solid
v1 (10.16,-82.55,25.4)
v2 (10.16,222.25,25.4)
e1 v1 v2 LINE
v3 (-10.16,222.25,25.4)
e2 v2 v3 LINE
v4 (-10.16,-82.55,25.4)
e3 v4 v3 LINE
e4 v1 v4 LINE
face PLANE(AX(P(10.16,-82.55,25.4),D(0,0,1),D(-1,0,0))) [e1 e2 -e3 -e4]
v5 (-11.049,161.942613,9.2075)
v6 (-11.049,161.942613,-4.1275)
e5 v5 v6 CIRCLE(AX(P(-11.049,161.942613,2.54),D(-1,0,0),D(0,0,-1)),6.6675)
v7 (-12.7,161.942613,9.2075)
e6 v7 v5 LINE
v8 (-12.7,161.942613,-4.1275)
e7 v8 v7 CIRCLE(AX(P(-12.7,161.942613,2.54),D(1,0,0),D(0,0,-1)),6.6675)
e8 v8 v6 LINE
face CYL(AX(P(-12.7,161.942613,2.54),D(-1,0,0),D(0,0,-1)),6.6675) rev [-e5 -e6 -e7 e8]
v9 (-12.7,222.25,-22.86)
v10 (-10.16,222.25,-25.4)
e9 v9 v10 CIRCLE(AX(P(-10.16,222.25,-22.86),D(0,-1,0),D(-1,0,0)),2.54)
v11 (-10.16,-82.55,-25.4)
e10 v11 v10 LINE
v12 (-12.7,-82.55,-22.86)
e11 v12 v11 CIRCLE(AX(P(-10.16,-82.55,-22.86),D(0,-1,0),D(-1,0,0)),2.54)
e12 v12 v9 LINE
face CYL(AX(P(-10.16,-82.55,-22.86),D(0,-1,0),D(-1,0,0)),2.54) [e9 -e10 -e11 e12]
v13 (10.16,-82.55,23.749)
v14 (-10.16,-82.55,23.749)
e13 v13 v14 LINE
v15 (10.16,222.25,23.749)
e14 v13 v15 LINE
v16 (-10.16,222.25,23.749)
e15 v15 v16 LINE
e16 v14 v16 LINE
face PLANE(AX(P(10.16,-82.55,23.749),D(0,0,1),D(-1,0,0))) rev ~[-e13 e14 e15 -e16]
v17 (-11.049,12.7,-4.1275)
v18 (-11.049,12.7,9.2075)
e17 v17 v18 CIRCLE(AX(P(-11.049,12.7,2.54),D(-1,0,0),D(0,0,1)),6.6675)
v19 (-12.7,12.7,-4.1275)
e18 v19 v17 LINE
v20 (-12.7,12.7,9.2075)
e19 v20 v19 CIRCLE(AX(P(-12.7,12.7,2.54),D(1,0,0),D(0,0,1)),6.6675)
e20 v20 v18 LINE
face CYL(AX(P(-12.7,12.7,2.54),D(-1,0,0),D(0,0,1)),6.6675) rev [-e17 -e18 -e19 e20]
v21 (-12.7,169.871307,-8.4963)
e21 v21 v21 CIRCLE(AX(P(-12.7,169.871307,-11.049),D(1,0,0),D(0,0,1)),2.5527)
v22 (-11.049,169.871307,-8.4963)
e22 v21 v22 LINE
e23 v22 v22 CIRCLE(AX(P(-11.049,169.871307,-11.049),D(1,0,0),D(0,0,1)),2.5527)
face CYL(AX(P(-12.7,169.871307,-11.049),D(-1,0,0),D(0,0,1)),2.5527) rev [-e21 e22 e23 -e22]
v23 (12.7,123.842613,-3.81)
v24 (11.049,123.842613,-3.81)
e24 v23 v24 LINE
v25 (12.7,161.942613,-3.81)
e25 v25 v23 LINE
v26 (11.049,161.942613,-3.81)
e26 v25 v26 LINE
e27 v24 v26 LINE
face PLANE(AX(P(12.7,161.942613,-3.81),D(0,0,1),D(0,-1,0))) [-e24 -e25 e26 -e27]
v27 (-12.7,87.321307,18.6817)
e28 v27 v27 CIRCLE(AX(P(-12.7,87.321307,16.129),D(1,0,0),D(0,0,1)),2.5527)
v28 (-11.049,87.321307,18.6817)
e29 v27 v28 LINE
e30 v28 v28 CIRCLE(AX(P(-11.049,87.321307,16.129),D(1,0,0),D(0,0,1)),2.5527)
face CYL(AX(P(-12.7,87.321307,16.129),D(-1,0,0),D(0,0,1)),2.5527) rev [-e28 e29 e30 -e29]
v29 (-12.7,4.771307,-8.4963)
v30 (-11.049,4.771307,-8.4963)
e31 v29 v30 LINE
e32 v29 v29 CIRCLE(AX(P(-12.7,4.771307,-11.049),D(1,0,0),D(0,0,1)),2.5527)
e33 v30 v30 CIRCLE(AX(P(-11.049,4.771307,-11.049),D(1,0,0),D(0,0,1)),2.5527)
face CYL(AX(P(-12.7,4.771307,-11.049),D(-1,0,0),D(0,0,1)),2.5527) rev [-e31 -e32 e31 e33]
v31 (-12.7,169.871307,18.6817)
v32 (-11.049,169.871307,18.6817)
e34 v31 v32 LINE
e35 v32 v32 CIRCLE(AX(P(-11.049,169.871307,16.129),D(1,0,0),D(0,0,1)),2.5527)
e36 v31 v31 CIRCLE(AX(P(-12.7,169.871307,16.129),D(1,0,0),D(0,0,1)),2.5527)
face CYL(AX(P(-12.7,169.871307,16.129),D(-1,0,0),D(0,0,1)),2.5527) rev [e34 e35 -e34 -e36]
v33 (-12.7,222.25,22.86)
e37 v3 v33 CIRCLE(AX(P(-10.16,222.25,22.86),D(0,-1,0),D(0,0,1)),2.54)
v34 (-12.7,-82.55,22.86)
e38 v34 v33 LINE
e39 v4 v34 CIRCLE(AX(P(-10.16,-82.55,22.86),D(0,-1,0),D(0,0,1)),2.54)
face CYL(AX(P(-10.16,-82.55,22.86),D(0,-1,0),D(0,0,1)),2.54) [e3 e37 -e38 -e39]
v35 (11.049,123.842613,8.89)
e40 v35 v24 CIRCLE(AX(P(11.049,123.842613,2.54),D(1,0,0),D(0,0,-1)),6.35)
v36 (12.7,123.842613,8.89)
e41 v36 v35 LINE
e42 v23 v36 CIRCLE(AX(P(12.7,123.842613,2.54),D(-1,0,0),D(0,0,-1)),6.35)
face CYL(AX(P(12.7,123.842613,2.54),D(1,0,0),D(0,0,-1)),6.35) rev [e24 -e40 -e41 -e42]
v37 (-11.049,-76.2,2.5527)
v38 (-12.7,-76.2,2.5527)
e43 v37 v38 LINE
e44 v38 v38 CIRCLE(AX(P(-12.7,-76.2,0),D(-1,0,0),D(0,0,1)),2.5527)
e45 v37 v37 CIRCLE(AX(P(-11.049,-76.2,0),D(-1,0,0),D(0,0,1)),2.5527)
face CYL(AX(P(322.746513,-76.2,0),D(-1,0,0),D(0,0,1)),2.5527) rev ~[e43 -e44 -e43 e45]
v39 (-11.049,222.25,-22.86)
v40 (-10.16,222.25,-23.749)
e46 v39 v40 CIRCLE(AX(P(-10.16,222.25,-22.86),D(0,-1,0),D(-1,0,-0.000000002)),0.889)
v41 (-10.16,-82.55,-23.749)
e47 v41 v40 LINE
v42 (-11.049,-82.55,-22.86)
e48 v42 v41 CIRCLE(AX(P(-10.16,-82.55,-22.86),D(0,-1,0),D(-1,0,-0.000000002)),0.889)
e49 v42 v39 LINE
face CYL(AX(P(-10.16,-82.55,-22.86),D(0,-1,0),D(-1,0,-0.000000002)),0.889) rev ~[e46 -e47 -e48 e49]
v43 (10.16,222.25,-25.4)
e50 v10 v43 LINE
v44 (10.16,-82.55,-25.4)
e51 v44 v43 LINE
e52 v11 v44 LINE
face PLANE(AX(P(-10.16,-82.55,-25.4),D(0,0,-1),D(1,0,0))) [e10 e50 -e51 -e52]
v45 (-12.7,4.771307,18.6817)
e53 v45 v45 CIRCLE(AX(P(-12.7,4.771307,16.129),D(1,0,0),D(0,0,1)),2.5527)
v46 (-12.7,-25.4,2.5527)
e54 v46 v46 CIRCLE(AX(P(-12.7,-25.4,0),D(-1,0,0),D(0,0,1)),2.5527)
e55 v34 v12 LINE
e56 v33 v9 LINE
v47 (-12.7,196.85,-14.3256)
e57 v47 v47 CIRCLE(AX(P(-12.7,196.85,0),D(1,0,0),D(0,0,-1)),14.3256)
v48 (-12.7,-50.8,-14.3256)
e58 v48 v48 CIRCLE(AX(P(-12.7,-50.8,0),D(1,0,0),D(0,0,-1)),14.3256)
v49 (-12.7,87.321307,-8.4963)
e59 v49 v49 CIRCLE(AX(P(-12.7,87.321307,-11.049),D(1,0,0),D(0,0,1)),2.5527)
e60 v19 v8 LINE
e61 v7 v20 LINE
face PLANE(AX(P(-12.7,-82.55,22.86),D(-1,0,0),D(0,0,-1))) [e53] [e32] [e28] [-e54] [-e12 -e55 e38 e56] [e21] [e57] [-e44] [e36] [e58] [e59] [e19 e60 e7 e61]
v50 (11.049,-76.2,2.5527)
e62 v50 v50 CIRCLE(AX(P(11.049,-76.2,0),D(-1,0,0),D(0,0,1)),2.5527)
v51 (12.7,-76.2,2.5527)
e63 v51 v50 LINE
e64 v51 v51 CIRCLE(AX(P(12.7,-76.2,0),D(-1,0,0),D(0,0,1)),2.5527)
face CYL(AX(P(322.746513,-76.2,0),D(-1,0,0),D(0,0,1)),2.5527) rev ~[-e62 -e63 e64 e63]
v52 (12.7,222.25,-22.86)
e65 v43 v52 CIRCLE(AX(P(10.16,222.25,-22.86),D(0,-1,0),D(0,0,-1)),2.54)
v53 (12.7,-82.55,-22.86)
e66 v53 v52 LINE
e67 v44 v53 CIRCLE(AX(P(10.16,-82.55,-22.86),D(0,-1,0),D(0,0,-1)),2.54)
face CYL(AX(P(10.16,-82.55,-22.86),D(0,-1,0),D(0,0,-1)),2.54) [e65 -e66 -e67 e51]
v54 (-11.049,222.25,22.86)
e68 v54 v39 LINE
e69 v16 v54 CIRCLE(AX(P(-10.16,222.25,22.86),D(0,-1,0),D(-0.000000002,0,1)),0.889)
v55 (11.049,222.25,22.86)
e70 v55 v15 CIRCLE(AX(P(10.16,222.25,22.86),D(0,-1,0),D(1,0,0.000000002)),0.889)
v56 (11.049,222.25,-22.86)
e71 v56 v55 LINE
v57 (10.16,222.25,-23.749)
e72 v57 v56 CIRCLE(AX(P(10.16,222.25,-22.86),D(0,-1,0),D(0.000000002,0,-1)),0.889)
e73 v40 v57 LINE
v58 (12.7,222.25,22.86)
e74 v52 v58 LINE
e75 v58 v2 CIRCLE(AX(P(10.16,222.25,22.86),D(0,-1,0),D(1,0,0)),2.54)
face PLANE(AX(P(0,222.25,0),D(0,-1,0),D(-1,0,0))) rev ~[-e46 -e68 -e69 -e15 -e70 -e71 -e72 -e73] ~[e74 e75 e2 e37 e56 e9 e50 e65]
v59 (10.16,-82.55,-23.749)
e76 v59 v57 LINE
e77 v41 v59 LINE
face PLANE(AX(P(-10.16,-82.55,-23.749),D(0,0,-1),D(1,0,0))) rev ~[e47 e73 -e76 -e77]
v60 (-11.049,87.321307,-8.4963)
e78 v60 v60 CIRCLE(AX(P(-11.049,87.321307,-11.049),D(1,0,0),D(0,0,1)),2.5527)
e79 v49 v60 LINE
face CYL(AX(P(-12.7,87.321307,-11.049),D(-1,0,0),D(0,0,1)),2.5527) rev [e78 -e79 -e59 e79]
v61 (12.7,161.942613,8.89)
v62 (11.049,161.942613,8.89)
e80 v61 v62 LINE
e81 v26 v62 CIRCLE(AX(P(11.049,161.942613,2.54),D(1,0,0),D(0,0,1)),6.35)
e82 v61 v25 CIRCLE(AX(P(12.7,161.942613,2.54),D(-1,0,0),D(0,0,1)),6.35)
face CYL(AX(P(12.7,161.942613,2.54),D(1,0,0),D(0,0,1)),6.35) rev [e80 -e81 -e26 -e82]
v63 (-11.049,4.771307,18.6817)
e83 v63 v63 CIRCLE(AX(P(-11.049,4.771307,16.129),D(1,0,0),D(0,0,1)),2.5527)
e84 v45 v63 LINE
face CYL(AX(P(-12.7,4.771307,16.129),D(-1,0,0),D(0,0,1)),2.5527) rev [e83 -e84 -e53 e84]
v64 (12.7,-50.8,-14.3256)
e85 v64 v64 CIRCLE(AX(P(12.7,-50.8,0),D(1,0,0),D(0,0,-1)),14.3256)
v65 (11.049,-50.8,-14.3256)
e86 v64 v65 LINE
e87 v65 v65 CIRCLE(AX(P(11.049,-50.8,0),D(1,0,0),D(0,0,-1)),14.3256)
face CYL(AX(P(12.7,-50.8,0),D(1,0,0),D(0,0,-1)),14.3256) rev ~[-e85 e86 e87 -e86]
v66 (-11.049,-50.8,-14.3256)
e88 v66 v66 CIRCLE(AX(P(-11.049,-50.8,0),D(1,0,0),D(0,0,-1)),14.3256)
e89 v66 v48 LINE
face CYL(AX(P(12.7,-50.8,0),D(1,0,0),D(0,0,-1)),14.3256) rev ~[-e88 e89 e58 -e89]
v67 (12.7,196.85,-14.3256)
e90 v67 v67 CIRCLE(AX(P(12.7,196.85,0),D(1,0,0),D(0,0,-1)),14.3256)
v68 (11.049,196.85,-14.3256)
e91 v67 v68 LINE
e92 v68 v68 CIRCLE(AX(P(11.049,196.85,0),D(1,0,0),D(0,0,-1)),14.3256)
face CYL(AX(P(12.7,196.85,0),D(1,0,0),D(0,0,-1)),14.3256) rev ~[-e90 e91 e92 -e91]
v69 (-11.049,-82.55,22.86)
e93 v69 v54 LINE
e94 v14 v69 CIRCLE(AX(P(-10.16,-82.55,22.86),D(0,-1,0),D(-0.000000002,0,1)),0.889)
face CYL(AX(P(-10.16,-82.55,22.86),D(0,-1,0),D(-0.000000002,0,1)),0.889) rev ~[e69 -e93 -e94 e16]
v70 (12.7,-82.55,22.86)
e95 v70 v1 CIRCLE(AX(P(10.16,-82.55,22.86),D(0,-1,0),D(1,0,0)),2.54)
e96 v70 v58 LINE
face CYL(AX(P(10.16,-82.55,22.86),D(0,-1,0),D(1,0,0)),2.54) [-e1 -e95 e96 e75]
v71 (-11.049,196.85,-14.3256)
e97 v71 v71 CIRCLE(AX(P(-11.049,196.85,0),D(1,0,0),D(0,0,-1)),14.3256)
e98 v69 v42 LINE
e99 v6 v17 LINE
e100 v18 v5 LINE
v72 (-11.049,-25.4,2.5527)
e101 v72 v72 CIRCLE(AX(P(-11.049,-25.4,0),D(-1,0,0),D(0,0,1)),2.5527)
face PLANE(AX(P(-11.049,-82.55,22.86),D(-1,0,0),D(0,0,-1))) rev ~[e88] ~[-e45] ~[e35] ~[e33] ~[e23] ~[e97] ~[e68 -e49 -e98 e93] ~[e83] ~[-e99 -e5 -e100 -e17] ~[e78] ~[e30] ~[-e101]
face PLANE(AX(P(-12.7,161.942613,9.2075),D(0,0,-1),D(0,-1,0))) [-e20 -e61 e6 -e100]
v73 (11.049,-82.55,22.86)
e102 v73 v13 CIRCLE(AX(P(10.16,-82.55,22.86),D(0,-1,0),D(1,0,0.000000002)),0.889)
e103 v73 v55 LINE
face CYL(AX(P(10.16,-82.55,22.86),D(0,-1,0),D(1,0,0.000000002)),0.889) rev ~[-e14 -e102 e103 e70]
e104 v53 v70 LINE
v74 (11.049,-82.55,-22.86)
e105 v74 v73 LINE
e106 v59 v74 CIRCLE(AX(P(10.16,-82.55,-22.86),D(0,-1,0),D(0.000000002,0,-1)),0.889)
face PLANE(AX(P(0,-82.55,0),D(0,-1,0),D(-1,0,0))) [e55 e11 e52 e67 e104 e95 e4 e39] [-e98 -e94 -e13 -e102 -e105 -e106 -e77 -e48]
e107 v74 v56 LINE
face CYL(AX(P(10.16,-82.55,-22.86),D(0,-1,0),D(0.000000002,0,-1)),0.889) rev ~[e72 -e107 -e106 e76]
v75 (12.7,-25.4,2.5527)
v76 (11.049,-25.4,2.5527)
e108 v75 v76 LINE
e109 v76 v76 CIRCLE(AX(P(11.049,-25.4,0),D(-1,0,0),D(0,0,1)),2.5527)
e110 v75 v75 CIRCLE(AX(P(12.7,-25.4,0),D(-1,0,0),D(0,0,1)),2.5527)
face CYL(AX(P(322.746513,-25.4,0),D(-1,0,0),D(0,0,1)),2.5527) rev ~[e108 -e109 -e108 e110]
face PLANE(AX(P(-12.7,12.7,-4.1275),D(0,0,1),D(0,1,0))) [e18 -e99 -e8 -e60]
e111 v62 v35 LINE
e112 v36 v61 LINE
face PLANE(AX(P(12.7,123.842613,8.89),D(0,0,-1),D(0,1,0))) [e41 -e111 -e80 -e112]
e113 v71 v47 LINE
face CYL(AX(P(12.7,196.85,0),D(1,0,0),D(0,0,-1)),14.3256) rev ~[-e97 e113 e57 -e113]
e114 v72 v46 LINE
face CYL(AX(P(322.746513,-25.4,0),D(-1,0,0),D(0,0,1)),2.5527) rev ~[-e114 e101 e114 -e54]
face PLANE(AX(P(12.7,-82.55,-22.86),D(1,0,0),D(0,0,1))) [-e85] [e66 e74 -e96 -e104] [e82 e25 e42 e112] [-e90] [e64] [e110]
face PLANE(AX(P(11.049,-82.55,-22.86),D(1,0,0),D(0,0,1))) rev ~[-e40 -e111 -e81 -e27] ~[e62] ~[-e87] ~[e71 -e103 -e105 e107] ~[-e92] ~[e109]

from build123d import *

# Parameters (mm, degrees)
EXTRUDE_THIN1_DEPTH      = 222.25
EXTRUDE_THIN1_DEPTH_BACK = 82.55
CUT_EXTRUDE1_REACH       = 227.134
CUT_EXTRUDE4_REACH       = 227.134
SKETCH4_R                = 2.5527
CUT_EXTRUDE3_DEPTH       = 1.651
SKETCH6_R                = 14.3256
CUT_EXTRUDE5_DEPTH       = 226.134143346
F_10_CLEARANCE_HOLE1_D   = 5.1054


with BuildPart() as part:
    # Sketch1 → Extrude-Thin1 (new, two sides: drawn at the far end of the back side and taken through both)
    with BuildSketch(Plane(origin=(0, 0, 0), x_dir=(1, 0, 0), z_dir=(0, 1, 0)).offset(-EXTRUDE_THIN1_DEPTH_BACK)):
        with BuildLine():
            Line((-10.16, 25.4), (10.16, 25.4))
            ThreePointArc((10.16, 25.4), (11.956051224, 24.656051224), (12.7, 22.86))
            Line((12.7, 22.86), (12.7, -22.86))
            ThreePointArc((12.7, -22.86), (11.956051224, -24.656051224), (10.16, -25.4))
            Line((10.16, -25.4), (-10.16, -25.4))
            ThreePointArc((-10.16, -25.4), (-11.956051224, -24.656051224), (-12.7, -22.86))
            Line((-12.7, -22.86), (-12.7, 22.86))
            ThreePointArc((-12.7, 22.86), (-11.956051224, 24.656051224), (-10.16, 25.4))
        make_face()
        with BuildLine():
            Line((-10.16, 23.749), (10.16, 23.749))
            ThreePointArc((10.16, 23.749), (10.788617928, 23.488617928), (11.049, 22.86))
            Line((11.049, 22.86), (11.049, -22.86))
            ThreePointArc((11.049, -22.86), (10.788617928, -23.488617928), (10.16, -23.749))
            Line((10.16, -23.749), (-10.16, -23.749))
            ThreePointArc((-10.16, -23.749), (-10.788617928, -23.488617928), (-11.049, -22.86))
            Line((-11.049, -22.86), (-11.049, 22.86))
            ThreePointArc((-11.049, 22.86), (-10.788617928, 23.488617928), (-10.16, 23.749))
        make_face(mode=Mode.SUBTRACT)
    extrude(amount=EXTRUDE_THIN1_DEPTH + EXTRUDE_THIN1_DEPTH_BACK)

    # Sketch2 → Cut-Extrude1 (cut, up to next)
    with BuildSketch(Plane.ZY.offset(12.7), mode=Mode.PRIVATE) as cut_extrude1_sk1:
        with BuildLine():
            Line((9.2075, 161.942613489), (9.2075, 12.7))
            ThreePointArc((9.2075, 12.7), (2.54, 6.0325), (-4.1275, 12.7))
            Line((-4.1275, 12.7), (-4.1275, 161.942613489))
            ThreePointArc((-4.1275, 161.942613489), (2.54, 168.610113489), (9.2075, 161.942613489))
        make_face()
    cut_extrude1_tool1 = extrude(cut_extrude1_sk1.sketch, amount=-CUT_EXTRUDE1_REACH, mode=Mode.PRIVATE) & part.part
    add(cut_extrude1_tool1.solids().sort_by_distance((-12.7, 87.321307, 2.54))[0], mode=Mode.SUBTRACT)

    # Sketch5 → Cut-Extrude4 (cut, up to next)
    with BuildSketch(Plane(origin=(12.7, 0, 0), x_dir=(0, 0, -1), z_dir=(1, 0, 0)), mode=Mode.PRIVATE) as cut_extrude4_sk1:
        with BuildLine():
            Line((3.81, 161.942613489), (3.81, 123.842613489))
            ThreePointArc((3.81, 123.842613489), (-2.54, 117.492613489), (-8.89, 123.842613489))
            Line((-8.89, 123.842613489), (-8.89, 161.942613489))
            ThreePointArc((-8.89, 161.942613489), (-2.54, 168.292613489), (3.81, 161.942613489))
        make_face()
    cut_extrude4_tool1 = extrude(cut_extrude4_sk1.sketch, amount=-CUT_EXTRUDE4_REACH, mode=Mode.PRIVATE) & part.part
    add(cut_extrude4_tool1.solids().sort_by_distance((12.7, 142.892613, 2.54))[0], mode=Mode.SUBTRACT)

    # Sketch4 → Cut-Extrude3 (cut)
    with BuildSketch(Plane(origin=(-12.7, 0, 0), x_dir=(0, 0, -1), z_dir=(1, 0, 0))):
        with Locations(Location((11.049, 4.771306688, 0), (0, 0, 180))):
            Circle(SKETCH4_R)
        with Locations(Location((-16.129, 4.771306688, 0), (0, 0, 180))):
            Circle(SKETCH4_R)
        with Locations(Location((-16.129, 87.321306688, 0), (0, 0, 180))):
            Circle(SKETCH4_R)
        with Locations(Location((11.049, 87.321306688, 0), (0, 0, 180))):
            Circle(SKETCH4_R)
        with Locations(Location((-16.129, 169.871306688, 0), (0, 0, 180))):
            Circle(SKETCH4_R)
        with Locations(Location((11.049, 169.871306688, 0), (0, 0, 180))):
            Circle(SKETCH4_R)
    extrude(amount=CUT_EXTRUDE3_DEPTH, mode=Mode.SUBTRACT)

    # Sketch6 → Cut-Extrude5 (cut, through all)
    with BuildSketch(Plane(origin=(12.7, 0, 0), x_dir=(0, 0, -1), z_dir=(1, 0, 0))):
        with Locations((0, -50.8)):
            Circle(SKETCH6_R)
        with Locations((0, 196.85)):
            Circle(SKETCH6_R)
    extrude(amount=-CUT_EXTRUDE5_DEPTH, mode=Mode.SUBTRACT)

    # #10 Clearance Hole1 (through all)
    with Locations(Plane(origin=(12.7, 0, 0), x_dir=(0, 0, -1), z_dir=(1, 0, 0))):
        with Locations((0, -25.4), (0, -76.2)):
            Hole(F_10_CLEARANCE_HOLE1_D / 2)


solid = part.part
